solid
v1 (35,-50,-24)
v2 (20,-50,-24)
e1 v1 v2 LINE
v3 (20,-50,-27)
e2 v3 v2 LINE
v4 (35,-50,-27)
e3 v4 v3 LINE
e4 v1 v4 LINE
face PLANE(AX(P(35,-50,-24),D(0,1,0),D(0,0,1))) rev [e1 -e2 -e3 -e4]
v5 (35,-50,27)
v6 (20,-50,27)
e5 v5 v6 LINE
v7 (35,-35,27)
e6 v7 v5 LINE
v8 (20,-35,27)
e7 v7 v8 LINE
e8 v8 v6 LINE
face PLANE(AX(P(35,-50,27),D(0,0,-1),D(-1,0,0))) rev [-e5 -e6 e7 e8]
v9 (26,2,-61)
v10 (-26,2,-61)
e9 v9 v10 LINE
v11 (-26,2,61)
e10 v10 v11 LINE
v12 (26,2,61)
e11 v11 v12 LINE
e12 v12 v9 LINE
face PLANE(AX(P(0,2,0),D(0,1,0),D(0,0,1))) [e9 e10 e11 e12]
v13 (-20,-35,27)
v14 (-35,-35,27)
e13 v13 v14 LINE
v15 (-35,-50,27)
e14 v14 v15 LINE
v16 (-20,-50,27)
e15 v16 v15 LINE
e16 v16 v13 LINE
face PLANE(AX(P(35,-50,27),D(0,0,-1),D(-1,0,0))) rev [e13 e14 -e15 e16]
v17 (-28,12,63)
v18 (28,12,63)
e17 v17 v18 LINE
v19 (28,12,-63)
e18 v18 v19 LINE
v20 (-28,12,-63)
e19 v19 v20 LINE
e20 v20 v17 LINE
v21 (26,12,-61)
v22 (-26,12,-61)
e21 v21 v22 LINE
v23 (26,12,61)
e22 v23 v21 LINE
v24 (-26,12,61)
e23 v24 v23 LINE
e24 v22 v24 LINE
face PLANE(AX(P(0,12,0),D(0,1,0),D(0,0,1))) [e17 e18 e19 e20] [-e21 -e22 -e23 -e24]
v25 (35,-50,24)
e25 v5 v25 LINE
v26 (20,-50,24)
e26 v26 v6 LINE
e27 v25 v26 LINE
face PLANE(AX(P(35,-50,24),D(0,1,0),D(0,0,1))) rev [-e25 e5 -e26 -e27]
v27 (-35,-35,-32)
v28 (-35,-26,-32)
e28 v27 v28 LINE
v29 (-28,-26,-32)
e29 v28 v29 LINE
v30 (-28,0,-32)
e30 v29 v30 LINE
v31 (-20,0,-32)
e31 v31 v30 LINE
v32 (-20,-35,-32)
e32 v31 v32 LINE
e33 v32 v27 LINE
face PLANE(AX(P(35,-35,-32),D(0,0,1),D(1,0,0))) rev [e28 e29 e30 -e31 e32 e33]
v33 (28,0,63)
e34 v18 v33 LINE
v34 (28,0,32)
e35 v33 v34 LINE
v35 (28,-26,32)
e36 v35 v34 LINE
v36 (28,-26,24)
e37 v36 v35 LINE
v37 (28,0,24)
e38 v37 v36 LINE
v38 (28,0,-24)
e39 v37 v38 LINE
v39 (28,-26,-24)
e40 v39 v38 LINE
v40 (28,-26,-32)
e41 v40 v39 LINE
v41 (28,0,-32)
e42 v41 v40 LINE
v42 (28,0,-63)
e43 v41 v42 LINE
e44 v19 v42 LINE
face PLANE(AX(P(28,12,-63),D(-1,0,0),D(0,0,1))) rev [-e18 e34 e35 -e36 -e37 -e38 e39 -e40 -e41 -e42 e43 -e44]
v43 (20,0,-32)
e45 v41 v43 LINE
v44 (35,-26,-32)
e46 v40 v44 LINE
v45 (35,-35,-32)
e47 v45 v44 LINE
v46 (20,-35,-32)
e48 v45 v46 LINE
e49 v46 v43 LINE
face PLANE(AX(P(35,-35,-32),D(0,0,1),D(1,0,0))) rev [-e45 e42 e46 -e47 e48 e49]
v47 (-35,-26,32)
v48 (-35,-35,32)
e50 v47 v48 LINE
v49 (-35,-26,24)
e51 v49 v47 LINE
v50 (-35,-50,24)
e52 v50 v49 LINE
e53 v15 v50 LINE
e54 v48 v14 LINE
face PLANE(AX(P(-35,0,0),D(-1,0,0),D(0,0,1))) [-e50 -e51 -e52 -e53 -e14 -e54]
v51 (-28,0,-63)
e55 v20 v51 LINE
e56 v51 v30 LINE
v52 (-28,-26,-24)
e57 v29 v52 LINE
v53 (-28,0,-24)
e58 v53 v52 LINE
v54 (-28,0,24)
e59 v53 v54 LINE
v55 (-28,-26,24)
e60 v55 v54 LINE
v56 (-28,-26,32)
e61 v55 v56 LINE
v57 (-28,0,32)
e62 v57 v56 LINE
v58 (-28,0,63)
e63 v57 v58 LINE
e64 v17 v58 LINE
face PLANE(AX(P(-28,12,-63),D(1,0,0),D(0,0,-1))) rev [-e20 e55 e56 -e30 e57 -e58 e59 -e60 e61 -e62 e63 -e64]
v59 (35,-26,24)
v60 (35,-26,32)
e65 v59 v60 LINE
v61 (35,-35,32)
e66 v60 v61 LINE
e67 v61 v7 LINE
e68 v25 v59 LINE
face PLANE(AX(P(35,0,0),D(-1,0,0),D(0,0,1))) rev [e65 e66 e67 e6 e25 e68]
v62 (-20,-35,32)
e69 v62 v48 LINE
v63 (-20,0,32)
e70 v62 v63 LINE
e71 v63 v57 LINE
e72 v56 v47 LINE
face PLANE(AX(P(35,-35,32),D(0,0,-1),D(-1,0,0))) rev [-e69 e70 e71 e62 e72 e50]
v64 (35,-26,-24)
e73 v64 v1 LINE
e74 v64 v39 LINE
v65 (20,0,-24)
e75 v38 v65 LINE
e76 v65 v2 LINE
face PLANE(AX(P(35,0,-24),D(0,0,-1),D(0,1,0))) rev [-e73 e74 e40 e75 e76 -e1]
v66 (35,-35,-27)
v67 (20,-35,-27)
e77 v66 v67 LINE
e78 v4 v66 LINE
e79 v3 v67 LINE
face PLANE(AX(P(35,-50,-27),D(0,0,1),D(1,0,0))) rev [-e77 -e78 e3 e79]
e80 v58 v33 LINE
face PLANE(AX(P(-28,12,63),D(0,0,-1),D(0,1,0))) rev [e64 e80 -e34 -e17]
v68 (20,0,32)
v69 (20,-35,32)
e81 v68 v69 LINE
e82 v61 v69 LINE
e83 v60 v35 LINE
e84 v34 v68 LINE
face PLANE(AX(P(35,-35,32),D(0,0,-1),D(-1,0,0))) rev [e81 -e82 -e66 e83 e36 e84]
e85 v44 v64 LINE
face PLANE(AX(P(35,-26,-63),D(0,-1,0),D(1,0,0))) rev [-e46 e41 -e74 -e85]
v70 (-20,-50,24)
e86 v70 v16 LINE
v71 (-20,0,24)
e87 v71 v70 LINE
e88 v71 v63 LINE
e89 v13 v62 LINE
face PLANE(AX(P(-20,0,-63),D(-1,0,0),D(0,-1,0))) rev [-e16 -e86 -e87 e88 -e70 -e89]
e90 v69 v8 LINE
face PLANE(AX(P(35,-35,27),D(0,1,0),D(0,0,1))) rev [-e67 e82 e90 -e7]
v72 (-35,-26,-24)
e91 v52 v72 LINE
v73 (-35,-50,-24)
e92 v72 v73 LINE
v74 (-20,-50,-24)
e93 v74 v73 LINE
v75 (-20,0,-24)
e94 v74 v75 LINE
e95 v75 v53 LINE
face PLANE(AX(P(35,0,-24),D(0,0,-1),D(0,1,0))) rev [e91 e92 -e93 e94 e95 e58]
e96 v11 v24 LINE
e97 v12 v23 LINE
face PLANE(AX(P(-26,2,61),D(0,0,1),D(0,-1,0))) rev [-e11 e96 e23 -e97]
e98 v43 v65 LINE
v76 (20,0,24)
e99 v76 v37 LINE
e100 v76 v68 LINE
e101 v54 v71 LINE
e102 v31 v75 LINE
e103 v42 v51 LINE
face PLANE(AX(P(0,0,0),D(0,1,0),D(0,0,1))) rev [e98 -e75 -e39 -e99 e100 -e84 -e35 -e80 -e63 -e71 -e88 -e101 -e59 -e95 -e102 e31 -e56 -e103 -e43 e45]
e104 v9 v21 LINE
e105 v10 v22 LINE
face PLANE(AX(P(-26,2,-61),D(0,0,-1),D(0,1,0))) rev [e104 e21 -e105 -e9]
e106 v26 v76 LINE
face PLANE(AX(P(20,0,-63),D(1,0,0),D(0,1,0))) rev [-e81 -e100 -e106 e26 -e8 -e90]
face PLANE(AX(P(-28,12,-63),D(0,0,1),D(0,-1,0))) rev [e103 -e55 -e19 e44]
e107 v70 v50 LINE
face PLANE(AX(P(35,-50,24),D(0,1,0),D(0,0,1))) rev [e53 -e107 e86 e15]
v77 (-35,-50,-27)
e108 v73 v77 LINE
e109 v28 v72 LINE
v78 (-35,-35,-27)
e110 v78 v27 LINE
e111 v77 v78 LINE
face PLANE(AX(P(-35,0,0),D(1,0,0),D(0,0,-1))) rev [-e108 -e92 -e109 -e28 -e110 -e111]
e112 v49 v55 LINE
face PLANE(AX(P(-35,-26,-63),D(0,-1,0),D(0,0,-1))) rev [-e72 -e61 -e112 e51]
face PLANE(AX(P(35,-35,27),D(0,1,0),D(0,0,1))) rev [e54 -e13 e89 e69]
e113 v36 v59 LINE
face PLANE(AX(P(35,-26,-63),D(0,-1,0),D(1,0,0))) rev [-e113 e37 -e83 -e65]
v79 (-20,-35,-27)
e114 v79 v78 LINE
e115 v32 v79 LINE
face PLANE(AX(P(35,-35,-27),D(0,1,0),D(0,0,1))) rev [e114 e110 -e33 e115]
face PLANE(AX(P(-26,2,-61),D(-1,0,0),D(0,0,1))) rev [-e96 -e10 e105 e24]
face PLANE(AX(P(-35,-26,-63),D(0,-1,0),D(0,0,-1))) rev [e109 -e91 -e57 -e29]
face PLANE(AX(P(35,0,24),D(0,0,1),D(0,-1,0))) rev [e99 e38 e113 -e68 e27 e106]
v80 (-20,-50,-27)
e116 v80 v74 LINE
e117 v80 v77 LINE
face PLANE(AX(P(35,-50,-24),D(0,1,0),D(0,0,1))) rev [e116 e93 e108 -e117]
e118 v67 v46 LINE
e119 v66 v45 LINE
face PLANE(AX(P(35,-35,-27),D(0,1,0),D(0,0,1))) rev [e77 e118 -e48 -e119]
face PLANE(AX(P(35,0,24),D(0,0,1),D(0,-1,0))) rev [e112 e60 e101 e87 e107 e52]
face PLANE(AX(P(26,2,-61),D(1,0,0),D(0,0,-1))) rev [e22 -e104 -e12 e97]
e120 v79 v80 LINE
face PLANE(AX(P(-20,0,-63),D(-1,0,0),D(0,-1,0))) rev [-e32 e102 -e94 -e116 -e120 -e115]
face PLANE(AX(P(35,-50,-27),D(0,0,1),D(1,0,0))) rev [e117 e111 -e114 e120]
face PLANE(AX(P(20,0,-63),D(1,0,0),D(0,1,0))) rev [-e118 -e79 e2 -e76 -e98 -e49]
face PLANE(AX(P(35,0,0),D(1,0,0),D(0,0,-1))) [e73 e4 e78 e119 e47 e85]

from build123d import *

# Parameters (mm, degrees)
BOSS_EXTRUDE1_DEPTH     = 35
BOSS_EXTRUDE1_2_DEPTH   = 35
SKETCH4_W               = 56
SKETCH4_H               = 126
BOSS_EXTRUDE2_DEPTH     = 12
SKETCH5_W               = 52
SKETCH5_H               = 122
CUT_EXTRUDE1_DEPTH      = 10
CUT_EXTRUDE2_DEPTH      = 113.915897906
CUT_EXTRUDE2_DEPTH_BACK = 113.915897906
SKETCH6_W               = 40
SKETCH6_H               = 50
SKETCH6_W_2             = 7
SKETCH6_H_2             = 26


with BuildPart() as part:
    # Sketch3 → Boss-Extrude1 (new, symmetric)
    with BuildSketch(Plane(origin=(0, 0, 0), x_dir=(0, 0, -1), z_dir=(1, 0, 0))):
        Polygon((24, 0), (24, -50), (27, -50), (27, -35), (32, -35), (32, 0), align=None)
    extrude(amount=BOSS_EXTRUDE1_DEPTH, both=True)



with BuildPart() as body_2:
    # Sketch3 → Boss-Extrude1 2 (new, symmetric)
    with BuildSketch(Plane(origin=(0, 0, 0), x_dir=(0, 0, -1), z_dir=(1, 0, 0))):
        Polygon((-32, 0), (-24, 0), (-24, -50), (-27, -50), (-27, -35), (-32, -35), align=None)
    extrude(amount=BOSS_EXTRUDE1_2_DEPTH, both=True)


with BuildPart() as part_1:
    add(part.part)

    add(body_2.part)  # Boss-Extrude2 merges body 2
    # Sketch4 → Boss-Extrude2 (add)
    with BuildSketch(Plane(origin=(0, 0, 0), x_dir=(1, 0, 0), z_dir=(0, 1, 0))):
        Rectangle(SKETCH4_W, SKETCH4_H)
    extrude(amount=BOSS_EXTRUDE2_DEPTH)

    # Sketch5 → Cut-Extrude1 (cut)
    with BuildSketch(Plane(origin=(0, 12, 0), x_dir=(1, 0, 0), z_dir=(0, 1, 0))):
        Rectangle(SKETCH5_W, SKETCH5_H)
    extrude(amount=-CUT_EXTRUDE1_DEPTH, mode=Mode.SUBTRACT)

    # Sketch6 → Cut-Extrude2 (cut, two sides: drawn at the far end of the back side and taken through both)
    with BuildSketch(Plane.XY.offset(32).offset(-CUT_EXTRUDE2_DEPTH_BACK)):
        with Locations((0, -25)):
            Rectangle(SKETCH6_W, SKETCH6_H)
        with Locations((-31.5, -13)):
            Rectangle(SKETCH6_W_2, SKETCH6_H_2)
        with Locations((31.5, -13)):
            Rectangle(SKETCH6_W_2, SKETCH6_H_2)
    extrude(amount=CUT_EXTRUDE2_DEPTH + CUT_EXTRUDE2_DEPTH_BACK, mode=Mode.SUBTRACT)


solid = part_1.part
